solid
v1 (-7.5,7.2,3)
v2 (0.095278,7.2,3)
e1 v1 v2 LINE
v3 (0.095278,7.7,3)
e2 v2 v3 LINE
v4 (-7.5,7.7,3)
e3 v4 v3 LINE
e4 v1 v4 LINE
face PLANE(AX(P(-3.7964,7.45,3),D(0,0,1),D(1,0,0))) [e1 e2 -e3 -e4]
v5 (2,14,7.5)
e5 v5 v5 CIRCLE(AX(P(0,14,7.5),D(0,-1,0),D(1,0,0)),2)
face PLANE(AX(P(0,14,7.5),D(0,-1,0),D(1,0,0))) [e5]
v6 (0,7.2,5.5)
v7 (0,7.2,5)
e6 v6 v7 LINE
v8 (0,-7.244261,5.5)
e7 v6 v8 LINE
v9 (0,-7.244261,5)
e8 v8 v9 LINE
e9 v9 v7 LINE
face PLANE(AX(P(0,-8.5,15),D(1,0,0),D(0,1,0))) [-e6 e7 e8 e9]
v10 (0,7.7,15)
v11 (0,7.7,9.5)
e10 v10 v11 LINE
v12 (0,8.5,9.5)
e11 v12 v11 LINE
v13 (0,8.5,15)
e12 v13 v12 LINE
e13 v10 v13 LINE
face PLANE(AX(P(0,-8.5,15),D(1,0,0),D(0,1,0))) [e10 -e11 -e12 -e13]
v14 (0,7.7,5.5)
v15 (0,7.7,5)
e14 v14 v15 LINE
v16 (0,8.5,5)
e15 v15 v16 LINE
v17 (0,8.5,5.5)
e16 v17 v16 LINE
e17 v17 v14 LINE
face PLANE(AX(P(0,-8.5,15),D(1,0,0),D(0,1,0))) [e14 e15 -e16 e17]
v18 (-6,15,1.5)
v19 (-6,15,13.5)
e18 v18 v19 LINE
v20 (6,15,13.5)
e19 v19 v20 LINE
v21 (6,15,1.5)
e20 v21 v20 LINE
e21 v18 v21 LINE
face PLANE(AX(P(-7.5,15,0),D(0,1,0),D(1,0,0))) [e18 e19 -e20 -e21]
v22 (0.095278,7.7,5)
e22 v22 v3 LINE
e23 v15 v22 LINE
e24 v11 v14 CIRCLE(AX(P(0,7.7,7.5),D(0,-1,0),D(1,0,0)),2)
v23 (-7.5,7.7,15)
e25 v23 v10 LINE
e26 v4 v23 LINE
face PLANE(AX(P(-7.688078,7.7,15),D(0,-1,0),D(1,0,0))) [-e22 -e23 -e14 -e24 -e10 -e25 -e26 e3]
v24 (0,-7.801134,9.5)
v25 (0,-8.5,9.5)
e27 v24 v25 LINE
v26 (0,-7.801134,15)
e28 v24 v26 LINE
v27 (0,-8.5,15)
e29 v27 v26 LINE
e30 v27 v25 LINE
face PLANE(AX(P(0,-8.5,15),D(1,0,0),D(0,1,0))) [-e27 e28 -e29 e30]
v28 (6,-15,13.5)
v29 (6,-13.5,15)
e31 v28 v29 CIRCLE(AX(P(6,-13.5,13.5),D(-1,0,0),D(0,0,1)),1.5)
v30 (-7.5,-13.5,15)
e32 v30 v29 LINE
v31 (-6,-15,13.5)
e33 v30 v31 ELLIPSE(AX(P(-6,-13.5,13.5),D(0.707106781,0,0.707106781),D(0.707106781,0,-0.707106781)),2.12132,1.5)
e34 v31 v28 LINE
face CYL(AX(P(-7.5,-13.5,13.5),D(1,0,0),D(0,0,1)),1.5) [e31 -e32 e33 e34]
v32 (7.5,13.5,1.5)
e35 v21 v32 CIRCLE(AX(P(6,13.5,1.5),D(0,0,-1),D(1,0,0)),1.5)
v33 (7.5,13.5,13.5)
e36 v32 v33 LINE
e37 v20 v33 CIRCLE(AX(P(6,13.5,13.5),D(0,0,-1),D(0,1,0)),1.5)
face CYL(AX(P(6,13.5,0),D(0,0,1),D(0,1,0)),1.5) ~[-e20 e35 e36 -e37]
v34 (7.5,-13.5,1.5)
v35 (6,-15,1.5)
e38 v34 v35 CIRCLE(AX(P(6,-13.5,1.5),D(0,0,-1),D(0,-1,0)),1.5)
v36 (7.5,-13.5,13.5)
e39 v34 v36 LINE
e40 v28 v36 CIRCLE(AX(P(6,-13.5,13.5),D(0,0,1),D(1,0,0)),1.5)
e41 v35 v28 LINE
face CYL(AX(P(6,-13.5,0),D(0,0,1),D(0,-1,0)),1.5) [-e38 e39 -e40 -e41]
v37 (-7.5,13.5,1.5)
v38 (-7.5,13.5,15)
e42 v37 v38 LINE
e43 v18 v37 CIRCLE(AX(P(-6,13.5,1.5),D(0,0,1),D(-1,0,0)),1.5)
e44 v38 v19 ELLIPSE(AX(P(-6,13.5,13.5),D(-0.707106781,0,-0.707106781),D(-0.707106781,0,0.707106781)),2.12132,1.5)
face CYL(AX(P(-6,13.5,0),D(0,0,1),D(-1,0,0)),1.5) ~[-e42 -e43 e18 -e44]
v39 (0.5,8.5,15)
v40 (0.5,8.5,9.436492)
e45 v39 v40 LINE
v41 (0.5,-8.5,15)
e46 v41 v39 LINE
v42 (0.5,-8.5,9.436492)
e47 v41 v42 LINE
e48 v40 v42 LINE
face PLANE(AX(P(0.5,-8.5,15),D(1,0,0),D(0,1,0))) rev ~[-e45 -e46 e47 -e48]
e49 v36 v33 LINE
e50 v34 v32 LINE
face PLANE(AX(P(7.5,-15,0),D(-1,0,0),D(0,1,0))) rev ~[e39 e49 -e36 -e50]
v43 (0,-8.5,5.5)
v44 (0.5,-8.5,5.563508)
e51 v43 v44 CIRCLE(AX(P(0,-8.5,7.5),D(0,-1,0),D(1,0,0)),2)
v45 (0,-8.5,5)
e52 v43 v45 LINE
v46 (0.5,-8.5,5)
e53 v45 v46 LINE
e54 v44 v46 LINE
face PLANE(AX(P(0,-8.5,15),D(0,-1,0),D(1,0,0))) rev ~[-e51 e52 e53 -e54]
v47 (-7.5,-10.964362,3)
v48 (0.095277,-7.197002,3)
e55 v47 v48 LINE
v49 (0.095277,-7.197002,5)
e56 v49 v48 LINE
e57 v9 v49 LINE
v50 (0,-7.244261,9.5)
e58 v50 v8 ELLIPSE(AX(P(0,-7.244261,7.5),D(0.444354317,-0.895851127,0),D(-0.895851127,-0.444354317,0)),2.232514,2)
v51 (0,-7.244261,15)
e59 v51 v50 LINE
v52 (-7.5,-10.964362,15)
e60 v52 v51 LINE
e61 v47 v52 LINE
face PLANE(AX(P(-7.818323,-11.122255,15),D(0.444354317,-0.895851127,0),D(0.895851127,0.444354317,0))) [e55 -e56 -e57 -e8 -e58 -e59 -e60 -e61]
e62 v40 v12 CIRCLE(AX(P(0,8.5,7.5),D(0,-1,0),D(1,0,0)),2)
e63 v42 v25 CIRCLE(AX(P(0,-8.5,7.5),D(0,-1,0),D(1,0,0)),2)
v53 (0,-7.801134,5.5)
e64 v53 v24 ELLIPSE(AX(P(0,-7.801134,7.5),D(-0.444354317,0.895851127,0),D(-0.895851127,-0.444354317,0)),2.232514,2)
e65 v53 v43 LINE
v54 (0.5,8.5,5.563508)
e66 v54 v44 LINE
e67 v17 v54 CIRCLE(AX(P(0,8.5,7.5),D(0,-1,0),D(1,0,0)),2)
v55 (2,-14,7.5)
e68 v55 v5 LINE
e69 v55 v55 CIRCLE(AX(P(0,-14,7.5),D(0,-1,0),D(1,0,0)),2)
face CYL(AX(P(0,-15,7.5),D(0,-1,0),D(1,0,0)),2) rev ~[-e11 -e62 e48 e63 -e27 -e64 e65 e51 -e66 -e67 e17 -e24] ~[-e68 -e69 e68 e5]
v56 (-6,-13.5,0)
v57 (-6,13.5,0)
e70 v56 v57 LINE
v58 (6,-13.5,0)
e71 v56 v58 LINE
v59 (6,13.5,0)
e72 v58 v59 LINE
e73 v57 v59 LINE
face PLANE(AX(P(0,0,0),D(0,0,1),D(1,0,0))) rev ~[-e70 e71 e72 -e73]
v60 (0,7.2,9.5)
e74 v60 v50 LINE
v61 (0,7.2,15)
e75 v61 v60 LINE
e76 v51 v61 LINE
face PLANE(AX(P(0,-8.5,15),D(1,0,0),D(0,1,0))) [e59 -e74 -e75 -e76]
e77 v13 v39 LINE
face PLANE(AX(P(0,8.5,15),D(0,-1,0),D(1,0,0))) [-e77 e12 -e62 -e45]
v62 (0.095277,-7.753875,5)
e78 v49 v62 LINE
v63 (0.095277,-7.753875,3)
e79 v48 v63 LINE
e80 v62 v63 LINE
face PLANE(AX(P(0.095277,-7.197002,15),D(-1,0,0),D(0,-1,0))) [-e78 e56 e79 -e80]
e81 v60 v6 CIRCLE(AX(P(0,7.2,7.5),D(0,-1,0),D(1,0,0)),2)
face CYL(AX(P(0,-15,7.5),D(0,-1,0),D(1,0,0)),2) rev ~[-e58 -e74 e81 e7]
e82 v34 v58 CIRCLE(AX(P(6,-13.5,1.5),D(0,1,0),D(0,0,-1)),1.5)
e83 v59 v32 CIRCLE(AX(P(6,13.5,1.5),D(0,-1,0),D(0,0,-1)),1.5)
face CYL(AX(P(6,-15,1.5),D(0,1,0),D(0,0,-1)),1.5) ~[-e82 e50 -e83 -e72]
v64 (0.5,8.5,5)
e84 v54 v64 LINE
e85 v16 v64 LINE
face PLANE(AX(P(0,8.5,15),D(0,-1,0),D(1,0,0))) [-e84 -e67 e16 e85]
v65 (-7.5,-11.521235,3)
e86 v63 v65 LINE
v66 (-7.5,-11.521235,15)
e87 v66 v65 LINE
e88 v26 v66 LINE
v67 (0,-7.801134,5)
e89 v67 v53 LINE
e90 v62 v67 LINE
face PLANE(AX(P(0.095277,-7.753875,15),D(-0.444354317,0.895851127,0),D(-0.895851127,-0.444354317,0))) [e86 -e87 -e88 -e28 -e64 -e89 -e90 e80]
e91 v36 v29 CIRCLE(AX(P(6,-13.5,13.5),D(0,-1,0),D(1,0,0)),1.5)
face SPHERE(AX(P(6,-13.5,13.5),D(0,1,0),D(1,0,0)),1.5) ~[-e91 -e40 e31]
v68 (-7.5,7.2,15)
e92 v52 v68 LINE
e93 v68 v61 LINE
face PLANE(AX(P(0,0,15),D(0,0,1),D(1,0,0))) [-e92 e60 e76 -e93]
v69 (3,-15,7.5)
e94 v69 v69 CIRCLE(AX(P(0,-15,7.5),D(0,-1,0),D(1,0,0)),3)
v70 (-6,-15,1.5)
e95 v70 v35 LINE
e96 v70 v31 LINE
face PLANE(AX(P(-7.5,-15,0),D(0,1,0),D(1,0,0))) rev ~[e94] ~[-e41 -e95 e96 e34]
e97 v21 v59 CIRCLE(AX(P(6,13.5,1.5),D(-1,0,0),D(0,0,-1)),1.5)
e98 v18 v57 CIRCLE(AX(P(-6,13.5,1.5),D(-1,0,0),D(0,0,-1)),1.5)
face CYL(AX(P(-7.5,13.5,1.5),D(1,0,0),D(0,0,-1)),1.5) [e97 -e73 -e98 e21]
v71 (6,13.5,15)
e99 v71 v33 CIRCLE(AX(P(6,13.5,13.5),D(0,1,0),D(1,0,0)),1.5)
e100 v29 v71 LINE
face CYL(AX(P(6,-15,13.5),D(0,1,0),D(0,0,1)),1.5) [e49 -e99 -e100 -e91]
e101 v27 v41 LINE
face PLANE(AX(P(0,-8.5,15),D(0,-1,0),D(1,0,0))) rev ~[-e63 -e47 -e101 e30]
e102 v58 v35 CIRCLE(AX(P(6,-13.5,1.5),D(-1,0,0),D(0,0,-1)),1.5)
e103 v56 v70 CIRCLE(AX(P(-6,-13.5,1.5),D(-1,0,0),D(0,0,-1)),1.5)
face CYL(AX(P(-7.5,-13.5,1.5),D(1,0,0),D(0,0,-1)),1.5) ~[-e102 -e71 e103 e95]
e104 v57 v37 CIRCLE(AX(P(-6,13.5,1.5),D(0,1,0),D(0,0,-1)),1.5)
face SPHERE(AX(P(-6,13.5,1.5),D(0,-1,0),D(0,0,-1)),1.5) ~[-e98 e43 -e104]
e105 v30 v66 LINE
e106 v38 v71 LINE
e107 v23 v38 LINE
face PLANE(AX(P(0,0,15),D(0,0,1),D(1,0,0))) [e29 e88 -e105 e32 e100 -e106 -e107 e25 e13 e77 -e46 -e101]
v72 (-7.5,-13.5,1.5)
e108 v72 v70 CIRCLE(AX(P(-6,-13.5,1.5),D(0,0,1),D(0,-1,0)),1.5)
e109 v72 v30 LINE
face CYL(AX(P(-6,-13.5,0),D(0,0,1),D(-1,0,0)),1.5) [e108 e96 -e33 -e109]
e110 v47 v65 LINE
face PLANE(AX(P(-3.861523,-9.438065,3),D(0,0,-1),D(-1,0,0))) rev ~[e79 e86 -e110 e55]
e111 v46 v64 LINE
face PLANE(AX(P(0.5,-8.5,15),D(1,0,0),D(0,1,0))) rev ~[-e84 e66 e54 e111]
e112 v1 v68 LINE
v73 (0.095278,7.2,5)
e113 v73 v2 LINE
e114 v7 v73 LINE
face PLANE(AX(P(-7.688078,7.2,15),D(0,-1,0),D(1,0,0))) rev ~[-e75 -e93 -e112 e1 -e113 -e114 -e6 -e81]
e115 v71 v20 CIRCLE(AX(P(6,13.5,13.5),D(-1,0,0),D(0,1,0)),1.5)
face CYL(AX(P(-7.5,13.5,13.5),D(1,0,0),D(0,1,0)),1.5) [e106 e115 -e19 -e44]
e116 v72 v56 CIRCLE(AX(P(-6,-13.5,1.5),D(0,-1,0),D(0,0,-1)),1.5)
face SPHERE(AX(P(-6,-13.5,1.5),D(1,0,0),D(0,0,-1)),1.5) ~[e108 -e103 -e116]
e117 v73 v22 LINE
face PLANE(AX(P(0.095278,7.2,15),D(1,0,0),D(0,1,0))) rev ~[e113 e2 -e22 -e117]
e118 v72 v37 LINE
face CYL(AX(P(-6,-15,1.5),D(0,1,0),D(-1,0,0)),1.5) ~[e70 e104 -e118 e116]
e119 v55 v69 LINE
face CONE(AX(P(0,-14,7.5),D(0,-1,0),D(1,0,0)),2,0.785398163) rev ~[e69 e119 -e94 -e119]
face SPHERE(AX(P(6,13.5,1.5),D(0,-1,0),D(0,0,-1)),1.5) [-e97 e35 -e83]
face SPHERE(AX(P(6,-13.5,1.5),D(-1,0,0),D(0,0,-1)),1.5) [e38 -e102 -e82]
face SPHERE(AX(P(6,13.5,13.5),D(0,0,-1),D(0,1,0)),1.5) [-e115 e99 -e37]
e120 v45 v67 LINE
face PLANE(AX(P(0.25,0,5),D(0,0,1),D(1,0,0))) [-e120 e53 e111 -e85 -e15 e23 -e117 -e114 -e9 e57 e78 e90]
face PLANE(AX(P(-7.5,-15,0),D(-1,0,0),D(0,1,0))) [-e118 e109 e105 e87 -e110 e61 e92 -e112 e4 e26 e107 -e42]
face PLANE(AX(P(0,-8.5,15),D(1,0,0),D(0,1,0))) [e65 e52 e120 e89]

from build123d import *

# Parameters (mm, degrees)
SKETCH027_W     = 15
SKETCH027_H     = 30
PAD008_DEPTH    = 15
SKETCH028_R     = 2
POCKET019_DEPTH = 29
SKETCH029_W     = 0.5
SKETCH029_H     = 17
POCKET020_DEPTH = 10
SKETCH030_W     = 7.783355
SKETCH030_H     = 0.5
POCKET021_DEPTH = 12
FILLET010_R     = 1.5
CHAMFER005_SIZE = 1


with BuildPart() as part:
    # Sketch027 → Pad008 (new body)
    with BuildSketch(Plane.XY):
        Rectangle(SKETCH027_W, SKETCH027_H)
    extrude(amount=PAD008_DEPTH)

    # Sketch028 (on Face3 of Pad008) → Pocket019 (cut)
    with BuildSketch(Plane.XZ.offset(15)):
        with Locations((0, 7.5)):
            Circle(SKETCH028_R)
    extrude(amount=-POCKET019_DEPTH, mode=Mode.SUBTRACT)

    # Sketch029 (on Face5 of Pocket019) → Pocket020 (cut)
    with BuildSketch(Plane.XY.offset(15)):
        with Locations((0.25, 0)):
            Rectangle(SKETCH029_W, SKETCH029_H)
    extrude(amount=-POCKET020_DEPTH, mode=Mode.SUBTRACT)

    # Sketch030 (on Face5 of Pocket020) → Pocket021 (cut)
    with BuildSketch(Plane.XY.offset(15)):
        Polygon((0.095277, -7.753875), (-7.818323, -11.679128), (-7.818323, -11.122255), (0.095277, -7.197002), align=None)
        with Locations((-3.7964, 7.45)):
            Rectangle(SKETCH030_W, SKETCH030_H)
    extrude(amount=-POCKET021_DEPTH, mode=Mode.SUBTRACT)

    # Fillet010
    fillet010_edges = [part.edges().sort_by_distance(p)[0] for p in [
        (0, -15, 0),
        (-7.5, 0, 0),
        (7.5, 0, 0),
        (0, 15, 0),
        (7.5, 15, 7.5),
        (-7.5, 15, 7.5),
        (0, 15, 15),
        (7.5, 0, 15),
        (7.5, -15, 7.5),
        (0, -15, 15),
        (-7.5, -15, 7.5),
    ]]
    fillet(fillet010_edges, radius=FILLET010_R)

    # Chamfer005
    chamfer005_edges = [part.edges().sort_by_distance(p)[0] for p in [
        (-2, -15, 7.5),
    ]]
    chamfer(chamfer005_edges, length=CHAMFER005_SIZE)


solid = part.part
